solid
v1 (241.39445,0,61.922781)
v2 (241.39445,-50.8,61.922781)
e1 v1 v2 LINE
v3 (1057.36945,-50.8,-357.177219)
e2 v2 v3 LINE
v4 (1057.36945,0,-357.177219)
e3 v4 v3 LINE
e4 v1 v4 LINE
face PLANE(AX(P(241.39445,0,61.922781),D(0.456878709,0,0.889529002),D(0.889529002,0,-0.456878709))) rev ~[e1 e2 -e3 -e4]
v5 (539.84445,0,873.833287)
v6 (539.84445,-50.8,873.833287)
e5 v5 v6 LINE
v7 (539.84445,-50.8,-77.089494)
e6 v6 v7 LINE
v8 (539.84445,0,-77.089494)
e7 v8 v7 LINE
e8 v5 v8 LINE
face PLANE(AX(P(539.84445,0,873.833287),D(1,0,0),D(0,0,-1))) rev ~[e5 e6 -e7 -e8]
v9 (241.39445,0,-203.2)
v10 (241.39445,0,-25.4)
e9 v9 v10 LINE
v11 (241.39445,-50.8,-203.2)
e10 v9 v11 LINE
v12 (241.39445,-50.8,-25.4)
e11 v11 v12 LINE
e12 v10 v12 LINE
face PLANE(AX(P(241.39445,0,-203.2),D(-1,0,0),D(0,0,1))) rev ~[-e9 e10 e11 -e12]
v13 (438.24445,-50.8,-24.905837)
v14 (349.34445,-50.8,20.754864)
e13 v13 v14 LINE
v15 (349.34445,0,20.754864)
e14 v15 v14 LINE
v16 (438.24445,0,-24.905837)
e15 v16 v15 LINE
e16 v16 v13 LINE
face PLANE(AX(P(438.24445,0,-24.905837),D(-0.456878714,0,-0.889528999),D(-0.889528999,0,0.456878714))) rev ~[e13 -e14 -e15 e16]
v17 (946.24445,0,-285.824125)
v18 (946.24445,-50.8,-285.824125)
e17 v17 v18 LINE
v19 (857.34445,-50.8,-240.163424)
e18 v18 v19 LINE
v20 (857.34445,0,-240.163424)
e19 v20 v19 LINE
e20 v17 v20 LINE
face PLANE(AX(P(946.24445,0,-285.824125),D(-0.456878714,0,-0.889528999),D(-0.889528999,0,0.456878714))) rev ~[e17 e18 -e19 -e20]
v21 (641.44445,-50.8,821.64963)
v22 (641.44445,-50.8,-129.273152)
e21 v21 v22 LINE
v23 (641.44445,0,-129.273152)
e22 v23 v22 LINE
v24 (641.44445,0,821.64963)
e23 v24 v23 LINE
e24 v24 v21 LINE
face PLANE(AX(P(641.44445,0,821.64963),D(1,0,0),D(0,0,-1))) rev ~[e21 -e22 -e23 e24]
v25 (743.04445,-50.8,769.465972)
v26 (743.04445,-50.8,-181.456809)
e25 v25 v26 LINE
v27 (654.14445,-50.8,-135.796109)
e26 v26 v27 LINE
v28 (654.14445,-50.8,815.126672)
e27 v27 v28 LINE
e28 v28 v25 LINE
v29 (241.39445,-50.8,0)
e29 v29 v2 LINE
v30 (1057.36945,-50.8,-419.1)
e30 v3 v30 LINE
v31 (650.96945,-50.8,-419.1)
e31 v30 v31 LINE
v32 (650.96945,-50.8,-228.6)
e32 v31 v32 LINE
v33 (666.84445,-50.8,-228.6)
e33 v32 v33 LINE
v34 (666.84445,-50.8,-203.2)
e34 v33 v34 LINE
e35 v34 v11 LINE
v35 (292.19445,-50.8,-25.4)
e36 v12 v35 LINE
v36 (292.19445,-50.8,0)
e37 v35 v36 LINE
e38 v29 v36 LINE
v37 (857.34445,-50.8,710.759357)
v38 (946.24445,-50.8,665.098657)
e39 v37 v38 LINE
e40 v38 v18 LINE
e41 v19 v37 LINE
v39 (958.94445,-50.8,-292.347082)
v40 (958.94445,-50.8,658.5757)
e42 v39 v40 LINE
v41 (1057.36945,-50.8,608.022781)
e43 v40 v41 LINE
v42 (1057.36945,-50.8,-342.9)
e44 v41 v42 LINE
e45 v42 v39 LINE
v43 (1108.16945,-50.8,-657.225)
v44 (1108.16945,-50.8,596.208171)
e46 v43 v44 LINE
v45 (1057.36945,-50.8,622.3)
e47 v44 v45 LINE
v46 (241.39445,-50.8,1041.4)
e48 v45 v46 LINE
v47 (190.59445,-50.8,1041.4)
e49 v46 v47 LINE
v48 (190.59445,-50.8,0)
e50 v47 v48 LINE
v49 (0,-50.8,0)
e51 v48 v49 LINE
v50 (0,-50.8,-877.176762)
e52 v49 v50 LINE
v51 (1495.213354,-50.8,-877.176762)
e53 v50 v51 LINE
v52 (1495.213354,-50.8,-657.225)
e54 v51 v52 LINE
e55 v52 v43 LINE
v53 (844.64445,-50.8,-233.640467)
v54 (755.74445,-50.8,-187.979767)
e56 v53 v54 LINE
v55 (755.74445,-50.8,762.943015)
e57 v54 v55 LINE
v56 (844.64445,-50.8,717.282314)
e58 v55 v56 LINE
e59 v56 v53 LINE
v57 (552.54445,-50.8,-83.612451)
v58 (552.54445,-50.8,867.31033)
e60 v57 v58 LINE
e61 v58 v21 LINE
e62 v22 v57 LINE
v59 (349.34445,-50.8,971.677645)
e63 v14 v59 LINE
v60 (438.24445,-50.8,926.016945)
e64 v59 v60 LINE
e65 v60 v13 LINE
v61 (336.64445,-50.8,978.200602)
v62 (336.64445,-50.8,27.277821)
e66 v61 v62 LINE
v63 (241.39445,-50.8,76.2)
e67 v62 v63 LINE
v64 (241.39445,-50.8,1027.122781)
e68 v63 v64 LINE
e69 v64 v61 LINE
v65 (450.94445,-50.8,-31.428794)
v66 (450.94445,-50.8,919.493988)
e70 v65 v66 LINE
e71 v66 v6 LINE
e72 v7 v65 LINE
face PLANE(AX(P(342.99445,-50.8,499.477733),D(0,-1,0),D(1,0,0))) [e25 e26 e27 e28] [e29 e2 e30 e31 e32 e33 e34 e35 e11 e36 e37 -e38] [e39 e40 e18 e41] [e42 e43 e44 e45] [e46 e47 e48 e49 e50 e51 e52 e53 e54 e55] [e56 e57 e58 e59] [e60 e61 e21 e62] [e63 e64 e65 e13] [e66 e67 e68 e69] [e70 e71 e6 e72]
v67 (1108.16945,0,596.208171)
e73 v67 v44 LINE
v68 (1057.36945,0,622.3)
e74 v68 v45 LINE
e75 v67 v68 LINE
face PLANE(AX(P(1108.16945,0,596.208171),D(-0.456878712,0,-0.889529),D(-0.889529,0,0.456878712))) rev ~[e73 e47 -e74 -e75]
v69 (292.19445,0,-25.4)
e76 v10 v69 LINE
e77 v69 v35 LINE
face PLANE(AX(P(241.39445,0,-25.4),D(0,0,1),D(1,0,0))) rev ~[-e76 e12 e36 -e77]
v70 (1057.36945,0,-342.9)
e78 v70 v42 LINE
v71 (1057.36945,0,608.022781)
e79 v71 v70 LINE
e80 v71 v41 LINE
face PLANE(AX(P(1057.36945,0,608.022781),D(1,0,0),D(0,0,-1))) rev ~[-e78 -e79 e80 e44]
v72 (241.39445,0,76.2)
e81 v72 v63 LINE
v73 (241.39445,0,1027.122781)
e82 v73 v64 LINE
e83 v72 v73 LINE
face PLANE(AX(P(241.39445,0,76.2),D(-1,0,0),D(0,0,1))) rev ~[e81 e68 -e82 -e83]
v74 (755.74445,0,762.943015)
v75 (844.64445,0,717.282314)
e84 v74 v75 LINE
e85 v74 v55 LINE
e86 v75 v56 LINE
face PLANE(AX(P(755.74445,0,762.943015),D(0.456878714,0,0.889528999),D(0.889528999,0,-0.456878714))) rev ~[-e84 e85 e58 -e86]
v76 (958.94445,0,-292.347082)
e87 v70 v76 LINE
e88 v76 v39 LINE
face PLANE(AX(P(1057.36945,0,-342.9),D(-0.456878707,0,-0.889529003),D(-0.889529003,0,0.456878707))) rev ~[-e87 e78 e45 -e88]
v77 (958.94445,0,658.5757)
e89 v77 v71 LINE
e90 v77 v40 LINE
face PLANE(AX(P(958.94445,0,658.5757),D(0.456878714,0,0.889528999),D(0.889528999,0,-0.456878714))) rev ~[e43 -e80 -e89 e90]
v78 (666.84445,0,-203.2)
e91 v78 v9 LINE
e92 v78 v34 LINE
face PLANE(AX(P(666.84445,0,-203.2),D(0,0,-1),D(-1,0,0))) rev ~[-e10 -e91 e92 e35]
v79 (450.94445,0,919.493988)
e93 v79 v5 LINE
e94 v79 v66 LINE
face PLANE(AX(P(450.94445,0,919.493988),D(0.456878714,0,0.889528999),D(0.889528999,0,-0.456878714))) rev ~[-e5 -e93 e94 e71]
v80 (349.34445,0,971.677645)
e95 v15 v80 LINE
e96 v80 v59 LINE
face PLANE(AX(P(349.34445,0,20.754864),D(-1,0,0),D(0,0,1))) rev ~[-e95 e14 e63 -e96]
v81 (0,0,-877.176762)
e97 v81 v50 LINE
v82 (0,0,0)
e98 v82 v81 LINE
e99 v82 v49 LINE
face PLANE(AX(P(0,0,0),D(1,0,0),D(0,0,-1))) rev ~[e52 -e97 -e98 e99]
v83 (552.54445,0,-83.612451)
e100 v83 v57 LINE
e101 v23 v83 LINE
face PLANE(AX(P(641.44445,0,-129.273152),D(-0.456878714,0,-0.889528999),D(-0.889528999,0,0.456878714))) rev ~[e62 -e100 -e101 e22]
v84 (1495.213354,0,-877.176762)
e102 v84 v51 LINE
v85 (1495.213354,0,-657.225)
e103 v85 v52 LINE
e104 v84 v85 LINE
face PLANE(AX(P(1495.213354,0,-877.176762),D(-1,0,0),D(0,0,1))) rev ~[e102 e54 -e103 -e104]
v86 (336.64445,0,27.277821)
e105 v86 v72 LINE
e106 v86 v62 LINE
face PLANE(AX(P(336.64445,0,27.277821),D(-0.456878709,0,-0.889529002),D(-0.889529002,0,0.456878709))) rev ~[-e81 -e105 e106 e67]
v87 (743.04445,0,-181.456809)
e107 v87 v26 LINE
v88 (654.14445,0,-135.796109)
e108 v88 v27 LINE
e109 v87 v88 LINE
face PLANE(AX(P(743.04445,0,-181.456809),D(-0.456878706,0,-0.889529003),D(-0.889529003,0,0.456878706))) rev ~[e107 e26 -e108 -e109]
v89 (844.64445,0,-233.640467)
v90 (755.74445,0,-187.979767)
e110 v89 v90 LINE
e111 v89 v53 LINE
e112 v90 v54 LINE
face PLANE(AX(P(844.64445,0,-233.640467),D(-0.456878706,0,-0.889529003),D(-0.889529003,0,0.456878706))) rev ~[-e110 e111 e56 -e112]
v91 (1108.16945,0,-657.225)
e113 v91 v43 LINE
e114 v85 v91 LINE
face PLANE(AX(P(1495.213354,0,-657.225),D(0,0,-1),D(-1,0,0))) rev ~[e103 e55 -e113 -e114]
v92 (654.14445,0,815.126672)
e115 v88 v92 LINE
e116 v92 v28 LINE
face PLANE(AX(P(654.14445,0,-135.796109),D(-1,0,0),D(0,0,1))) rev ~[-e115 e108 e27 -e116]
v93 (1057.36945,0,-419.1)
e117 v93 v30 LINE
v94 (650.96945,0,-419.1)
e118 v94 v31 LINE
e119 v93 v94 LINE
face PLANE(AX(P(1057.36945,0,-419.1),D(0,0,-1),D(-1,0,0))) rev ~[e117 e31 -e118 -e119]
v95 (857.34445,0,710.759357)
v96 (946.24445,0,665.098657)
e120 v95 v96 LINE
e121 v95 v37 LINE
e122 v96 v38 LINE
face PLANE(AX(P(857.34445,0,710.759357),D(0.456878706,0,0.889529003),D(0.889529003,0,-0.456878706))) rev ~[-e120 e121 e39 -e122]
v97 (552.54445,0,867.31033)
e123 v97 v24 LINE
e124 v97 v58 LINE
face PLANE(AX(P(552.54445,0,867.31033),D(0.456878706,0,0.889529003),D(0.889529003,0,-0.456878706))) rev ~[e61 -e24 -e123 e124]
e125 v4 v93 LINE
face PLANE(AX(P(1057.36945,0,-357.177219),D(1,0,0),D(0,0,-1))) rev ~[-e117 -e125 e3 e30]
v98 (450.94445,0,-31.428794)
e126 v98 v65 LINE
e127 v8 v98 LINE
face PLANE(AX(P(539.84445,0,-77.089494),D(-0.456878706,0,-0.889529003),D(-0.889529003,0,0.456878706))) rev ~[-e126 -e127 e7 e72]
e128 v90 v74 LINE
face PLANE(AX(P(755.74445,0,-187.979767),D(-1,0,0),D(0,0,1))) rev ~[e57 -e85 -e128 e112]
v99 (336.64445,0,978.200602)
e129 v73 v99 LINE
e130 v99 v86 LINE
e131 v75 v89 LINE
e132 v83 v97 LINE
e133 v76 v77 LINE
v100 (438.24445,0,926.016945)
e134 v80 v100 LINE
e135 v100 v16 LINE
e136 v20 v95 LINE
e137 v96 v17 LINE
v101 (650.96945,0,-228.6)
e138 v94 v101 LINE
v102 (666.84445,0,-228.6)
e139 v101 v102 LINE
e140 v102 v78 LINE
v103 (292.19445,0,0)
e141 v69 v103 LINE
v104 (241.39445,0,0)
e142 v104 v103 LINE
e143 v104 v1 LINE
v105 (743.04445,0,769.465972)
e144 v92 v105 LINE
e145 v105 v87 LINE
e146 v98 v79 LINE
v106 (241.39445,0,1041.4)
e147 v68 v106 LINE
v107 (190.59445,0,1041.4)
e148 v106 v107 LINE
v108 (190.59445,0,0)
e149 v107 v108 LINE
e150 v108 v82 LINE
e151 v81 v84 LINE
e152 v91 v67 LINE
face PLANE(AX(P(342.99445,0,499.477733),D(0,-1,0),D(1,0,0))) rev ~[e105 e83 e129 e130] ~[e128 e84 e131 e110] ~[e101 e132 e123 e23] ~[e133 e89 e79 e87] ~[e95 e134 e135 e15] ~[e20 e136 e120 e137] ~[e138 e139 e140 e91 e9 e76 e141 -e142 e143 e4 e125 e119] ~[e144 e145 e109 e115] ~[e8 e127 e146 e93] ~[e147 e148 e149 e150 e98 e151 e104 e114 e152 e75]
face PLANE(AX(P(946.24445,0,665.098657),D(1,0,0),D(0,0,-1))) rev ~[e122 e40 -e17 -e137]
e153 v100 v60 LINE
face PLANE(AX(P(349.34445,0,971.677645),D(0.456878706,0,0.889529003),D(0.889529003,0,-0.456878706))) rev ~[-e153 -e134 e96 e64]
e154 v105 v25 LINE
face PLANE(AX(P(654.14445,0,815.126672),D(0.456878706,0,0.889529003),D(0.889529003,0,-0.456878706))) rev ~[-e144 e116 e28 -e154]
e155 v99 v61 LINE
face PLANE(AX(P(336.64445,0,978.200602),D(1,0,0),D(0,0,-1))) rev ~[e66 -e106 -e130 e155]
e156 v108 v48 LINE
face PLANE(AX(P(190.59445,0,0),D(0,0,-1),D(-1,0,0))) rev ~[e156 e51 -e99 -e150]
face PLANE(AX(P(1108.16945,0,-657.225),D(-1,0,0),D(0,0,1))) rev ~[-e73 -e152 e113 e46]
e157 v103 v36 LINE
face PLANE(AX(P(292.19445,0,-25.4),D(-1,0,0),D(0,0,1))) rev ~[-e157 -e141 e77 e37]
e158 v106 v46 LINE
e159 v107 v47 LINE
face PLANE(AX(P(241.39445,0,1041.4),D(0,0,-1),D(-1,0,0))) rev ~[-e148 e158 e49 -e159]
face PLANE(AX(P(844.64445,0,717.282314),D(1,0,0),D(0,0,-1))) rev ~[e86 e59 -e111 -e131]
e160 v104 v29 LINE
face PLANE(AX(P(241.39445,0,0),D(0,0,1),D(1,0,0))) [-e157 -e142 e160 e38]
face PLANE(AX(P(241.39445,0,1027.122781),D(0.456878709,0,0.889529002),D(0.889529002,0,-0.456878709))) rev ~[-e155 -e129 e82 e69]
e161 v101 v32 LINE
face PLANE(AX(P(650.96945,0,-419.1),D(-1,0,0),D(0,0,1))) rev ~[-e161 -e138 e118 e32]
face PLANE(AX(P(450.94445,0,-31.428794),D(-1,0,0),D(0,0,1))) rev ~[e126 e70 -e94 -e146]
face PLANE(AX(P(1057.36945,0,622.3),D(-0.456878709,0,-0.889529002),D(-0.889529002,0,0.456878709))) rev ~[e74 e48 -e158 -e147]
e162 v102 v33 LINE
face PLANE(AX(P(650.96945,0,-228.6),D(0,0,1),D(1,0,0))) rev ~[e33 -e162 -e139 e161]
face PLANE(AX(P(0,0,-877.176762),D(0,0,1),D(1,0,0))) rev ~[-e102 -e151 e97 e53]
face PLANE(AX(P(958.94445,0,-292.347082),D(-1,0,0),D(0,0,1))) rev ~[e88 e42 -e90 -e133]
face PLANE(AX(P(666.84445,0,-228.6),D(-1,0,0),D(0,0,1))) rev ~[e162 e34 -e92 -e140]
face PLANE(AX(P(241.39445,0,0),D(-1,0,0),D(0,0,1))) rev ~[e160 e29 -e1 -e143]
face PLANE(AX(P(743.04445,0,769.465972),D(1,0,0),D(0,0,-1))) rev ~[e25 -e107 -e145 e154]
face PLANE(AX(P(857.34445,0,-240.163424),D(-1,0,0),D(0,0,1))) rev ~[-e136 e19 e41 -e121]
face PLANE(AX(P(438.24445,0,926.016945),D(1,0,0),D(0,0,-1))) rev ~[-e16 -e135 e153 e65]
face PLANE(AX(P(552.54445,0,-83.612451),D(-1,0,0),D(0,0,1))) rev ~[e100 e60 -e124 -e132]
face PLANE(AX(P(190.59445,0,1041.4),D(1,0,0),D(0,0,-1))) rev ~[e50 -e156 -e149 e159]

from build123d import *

# Parameters (mm, degrees)
F0_W     = 15.875
F0_H     = 25.4
F0_W_2   = 50.8
F0_W_3   = 19.05
F1_DEPTH = 50.8


with BuildPart() as f1:
    # F0 (on Front) → F1 (new body)
    with BuildSketch(Plane.XZ):
        Polygon((336.64445, 978.200602), (336.64445, 27.277821), (349.34445, 20.754864), (349.34445, 971.677645), align=None)
        Polygon((438.24445, 926.016945), (438.24445, -24.905837), (450.94445, -31.428794), (450.94445, 919.493988), align=None)
        Polygon((539.84445, 873.833287), (539.84445, -77.089494), (552.54445, -83.612451), (552.54445, 867.31033), align=None)
        Polygon((641.44445, 821.64963), (641.44445, -129.273152), (654.14445, -135.796109), (654.14445, 815.126672), align=None)
        Polygon((743.04445, -181.456809), (755.74445, -187.979767), (755.74445, 762.943015), (743.04445, 769.465972), align=None)
        Polygon((844.64445, -233.640467), (857.34445, -240.163424), (857.34445, 710.759357), (844.64445, 717.282314), align=None)
        Polygon((946.24445, -285.824125), (958.94445, -292.347082), (958.94445, 658.5757), (946.24445, 665.098657), align=None)
        Polygon((1057.36945, -342.9), (1057.36945, -357.177219), (1057.36945, -419.1), (1076.41945, -419.1), (1076.41945, -444.5), (1057.36945, -444.5), (1057.36945, -657.225), (1108.16945, -657.225), (1108.16945, 596.208171), (1057.36945, 622.3), (1057.36945, 608.022781), align=None)
        Polygon((1057.36945, 622.3), (241.39445, 1041.4), (241.39445, 1027.122781), (336.64445, 978.200602), (349.34445, 971.677645), (438.24445, 926.016945), (450.94445, 919.493988), (539.84445, 873.833287), (552.54445, 867.31033), (641.44445, 821.64963), (654.14445, 815.126672), (743.04445, 769.465972), (755.74445, 762.943015), (844.64445, 717.282314), (857.34445, 710.759357), (946.24445, 665.098657), (958.94445, 658.5757), (1057.36945, 608.022781), align=None)
        Polygon((190.59445, 1041.4), (190.59445, 0), (241.39445, 0), (241.39445, 61.922781), (241.39445, 76.2), (241.39445, 1027.122781), (241.39445, 1041.4), align=None)
        Polygon((241.39445, 76.2), (241.39445, 61.922781), (1057.36945, -357.177219), (1057.36945, -342.9), (958.94445, -292.347082), (946.24445, -285.824125), (857.34445, -240.163424), (844.64445, -233.640467), (755.74445, -187.979767), (743.04445, -181.456809), (654.14445, -135.796109), (641.44445, -129.273152), (552.54445, -83.612451), (539.84445, -77.089494), (450.94445, -31.428794), (438.24445, -24.905837), (349.34445, 20.754864), (336.64445, 27.277821), align=None)
        Polygon((190.59445, 0), (0, 0), (0, -877.176762), (1495.213354, -877.176762), (1495.213354, -657.225), (1108.16945, -657.225), (1057.36945, -657.225), (1057.36945, -444.5), (1057.36945, -419.1), (650.96945, -419.1), (650.96945, -228.6), (650.96945, -203.2), (241.39445, -203.2), (241.39445, -25.4), (241.39445, 0), align=None)
        with Locations((658.90695, -215.9)):
            Rectangle(F0_W, F0_H)
        with Locations((266.79445, -12.7)):
            Rectangle(F0_W_2, F0_H)
        with Locations((1066.89445, -431.8)):
            Rectangle(F0_W_3, F0_H)
    extrude(amount=F1_DEPTH)


solid = f1.part
